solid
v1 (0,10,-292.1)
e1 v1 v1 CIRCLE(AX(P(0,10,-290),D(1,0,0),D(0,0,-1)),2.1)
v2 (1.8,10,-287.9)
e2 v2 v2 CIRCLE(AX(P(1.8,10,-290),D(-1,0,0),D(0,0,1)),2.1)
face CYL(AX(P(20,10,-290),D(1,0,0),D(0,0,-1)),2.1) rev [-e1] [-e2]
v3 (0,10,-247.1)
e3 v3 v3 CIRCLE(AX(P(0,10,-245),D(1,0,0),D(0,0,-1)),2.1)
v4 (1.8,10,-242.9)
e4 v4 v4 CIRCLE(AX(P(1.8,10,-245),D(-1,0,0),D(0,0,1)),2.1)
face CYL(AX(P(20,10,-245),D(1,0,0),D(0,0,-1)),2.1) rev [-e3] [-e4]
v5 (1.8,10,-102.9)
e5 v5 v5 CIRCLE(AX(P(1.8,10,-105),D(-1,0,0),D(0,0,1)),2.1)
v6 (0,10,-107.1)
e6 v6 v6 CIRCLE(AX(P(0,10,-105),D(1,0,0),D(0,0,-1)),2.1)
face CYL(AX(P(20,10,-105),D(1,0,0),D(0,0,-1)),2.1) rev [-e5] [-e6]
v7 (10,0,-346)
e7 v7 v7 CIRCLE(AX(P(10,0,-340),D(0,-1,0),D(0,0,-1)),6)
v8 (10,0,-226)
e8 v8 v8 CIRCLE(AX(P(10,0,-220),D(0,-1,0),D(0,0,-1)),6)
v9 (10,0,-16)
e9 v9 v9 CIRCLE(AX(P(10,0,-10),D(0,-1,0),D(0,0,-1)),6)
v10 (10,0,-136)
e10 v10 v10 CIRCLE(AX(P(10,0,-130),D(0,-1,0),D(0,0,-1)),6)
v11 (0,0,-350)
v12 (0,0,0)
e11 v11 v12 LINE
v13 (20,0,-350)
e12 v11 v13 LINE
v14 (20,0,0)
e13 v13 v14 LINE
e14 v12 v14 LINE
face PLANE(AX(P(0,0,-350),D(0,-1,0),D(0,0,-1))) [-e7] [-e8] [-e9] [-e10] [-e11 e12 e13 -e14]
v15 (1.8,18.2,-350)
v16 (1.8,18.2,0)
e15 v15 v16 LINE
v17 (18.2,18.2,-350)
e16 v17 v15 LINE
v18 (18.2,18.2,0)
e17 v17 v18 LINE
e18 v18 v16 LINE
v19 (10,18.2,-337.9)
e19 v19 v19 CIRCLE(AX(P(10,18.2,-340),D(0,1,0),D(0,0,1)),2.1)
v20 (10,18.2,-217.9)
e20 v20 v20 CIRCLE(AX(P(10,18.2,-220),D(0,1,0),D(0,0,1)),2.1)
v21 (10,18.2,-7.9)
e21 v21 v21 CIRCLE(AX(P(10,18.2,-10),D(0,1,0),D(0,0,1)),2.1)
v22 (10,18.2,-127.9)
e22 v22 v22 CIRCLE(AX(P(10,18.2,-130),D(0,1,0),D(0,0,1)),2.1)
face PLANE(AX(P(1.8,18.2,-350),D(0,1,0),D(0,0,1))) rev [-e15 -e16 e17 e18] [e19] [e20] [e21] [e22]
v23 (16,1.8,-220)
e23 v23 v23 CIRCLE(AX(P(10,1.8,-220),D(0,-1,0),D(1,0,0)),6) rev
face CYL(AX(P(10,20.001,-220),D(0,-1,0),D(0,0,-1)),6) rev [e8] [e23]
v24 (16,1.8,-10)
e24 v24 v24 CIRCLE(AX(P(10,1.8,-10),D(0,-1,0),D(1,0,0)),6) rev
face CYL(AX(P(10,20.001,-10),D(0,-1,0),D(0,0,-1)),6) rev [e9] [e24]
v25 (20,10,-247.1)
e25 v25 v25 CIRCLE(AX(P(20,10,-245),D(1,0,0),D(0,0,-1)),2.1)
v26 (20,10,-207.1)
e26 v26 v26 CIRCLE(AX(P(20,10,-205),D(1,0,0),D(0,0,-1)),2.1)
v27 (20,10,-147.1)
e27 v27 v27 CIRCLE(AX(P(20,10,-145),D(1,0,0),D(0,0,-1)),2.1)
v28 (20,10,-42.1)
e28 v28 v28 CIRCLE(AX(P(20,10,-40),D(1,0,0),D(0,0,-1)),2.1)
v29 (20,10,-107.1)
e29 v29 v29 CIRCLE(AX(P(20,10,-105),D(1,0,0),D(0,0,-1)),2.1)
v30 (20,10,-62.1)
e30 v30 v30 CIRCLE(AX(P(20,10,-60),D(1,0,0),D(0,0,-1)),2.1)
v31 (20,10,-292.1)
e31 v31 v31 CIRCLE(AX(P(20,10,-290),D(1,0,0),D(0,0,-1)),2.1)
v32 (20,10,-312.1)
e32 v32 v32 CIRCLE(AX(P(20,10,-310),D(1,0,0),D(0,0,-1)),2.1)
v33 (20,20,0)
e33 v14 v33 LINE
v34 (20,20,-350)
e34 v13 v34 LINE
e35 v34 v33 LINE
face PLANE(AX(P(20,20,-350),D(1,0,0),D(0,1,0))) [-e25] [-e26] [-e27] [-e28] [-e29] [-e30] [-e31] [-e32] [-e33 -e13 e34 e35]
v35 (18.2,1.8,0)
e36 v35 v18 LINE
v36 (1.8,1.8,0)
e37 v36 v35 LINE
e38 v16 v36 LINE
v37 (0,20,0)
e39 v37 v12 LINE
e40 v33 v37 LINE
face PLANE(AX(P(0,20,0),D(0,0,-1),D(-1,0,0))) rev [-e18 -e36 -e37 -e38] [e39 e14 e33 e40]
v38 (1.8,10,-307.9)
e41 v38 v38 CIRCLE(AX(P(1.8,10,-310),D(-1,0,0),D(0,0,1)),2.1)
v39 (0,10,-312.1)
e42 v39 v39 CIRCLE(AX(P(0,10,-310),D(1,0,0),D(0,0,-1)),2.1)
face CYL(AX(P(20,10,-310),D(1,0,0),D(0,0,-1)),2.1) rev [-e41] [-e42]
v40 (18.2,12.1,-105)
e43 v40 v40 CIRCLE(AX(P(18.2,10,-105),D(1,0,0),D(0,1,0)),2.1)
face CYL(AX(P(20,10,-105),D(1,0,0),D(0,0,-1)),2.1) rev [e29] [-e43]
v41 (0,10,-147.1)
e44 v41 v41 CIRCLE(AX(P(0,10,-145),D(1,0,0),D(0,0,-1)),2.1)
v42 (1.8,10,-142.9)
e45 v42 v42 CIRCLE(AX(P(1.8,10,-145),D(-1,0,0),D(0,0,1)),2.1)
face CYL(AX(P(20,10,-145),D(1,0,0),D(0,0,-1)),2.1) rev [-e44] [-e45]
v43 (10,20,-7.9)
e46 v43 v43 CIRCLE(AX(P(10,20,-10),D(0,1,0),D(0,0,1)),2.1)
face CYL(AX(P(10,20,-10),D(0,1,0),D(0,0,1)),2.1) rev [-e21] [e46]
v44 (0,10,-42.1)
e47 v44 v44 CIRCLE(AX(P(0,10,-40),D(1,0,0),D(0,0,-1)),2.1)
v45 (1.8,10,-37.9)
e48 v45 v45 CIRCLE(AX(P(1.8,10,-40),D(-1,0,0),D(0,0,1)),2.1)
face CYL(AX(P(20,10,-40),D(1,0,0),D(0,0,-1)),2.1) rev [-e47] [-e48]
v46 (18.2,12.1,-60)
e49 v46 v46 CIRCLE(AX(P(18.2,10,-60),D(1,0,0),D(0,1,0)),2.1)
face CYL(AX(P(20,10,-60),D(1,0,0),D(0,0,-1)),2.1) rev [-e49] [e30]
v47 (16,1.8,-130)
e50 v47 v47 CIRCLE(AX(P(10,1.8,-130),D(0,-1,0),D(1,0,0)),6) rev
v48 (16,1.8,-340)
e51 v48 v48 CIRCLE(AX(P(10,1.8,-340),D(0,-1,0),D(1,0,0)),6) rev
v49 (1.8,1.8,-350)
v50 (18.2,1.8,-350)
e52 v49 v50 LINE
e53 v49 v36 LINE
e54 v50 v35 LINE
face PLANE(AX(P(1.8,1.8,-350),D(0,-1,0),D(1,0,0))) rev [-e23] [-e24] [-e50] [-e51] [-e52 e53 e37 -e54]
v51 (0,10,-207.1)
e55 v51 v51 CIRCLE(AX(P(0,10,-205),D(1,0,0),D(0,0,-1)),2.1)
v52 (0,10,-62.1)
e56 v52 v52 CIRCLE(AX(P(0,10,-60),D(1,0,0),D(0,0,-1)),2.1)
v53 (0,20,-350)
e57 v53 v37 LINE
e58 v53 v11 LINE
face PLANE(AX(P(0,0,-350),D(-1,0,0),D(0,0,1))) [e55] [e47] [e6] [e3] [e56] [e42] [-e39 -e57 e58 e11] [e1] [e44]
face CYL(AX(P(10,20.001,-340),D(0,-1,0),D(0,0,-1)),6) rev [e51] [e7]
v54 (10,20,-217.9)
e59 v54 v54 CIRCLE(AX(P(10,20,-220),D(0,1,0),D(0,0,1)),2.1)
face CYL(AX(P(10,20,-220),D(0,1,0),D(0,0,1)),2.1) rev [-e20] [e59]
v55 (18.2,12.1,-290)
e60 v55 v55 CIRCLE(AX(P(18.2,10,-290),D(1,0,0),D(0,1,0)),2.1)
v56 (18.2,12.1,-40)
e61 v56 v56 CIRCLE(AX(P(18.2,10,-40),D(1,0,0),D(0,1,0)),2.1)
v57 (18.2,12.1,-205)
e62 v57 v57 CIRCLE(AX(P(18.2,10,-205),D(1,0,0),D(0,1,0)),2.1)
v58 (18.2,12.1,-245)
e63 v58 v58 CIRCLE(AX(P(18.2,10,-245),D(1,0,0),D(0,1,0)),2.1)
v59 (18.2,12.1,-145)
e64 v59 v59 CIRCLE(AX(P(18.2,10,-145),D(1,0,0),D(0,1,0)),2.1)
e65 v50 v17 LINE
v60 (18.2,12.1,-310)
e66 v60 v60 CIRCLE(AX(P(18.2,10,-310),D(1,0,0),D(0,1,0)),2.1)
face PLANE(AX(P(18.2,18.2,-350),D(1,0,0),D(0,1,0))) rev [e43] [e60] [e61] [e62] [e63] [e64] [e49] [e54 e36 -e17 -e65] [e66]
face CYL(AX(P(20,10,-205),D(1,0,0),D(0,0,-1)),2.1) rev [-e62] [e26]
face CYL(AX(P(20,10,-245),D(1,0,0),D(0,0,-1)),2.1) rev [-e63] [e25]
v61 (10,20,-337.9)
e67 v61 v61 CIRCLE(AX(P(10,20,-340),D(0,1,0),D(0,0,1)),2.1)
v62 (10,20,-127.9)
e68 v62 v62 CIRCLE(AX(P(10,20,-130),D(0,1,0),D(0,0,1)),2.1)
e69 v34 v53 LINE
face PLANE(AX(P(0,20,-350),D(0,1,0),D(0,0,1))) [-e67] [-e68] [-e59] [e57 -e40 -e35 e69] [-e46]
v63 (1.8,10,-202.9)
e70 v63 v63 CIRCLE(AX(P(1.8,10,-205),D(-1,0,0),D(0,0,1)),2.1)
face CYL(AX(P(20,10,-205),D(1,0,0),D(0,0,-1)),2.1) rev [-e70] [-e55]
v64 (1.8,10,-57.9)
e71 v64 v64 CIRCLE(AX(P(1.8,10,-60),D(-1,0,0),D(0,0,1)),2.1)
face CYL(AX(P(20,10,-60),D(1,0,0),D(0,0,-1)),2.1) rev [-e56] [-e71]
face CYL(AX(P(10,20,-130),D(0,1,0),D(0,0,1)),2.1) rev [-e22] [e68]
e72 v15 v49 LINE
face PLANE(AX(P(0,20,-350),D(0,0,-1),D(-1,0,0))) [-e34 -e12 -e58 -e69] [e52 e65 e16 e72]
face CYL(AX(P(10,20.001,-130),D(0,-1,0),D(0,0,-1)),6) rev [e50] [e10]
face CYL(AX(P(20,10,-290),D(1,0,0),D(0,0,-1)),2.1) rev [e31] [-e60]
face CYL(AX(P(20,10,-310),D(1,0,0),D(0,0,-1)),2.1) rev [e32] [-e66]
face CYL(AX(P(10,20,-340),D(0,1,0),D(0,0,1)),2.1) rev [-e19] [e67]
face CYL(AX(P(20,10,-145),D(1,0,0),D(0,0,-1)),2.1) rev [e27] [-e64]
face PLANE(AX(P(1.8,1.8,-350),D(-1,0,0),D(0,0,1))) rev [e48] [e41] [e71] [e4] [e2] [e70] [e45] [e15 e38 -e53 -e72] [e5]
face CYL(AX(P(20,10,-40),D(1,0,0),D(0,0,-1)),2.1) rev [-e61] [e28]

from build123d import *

# Parameters (mm, degrees)
SKETCH_3_W              = 20
SKETCH_3_H              = 20
SKETCH_3_W_2            = 16.4
SKETCH_3_H_2            = 16.4
EXTRUDE_1_DEPTH         = 350
HOLE_WIZARD_4_2_4_2_1_D = 4.2
HOLE_WIZARD_4_2_4_2_2_D = 4.2
CUT_EXTRUDE_2_REACH     = 353.141
SKETCH_11_R             = 6
HOLE_WIZARD_4_2_4_2_4_D = 4.2
HOLE_WIZARD_4_2_4_2_5_D = 4.2
CUT_EXTRUDE_3_REACH     = 353.141
SKETCH_16_R             = 6


with BuildPart() as part:
    # 草图3 → 凸台-拉伸1 (new body)
    with BuildSketch(Plane.XY):
        with Locations((10, 10)):
            Rectangle(SKETCH_3_W, SKETCH_3_H)
        with Locations((10, 10)):
            Rectangle(SKETCH_3_W_2, SKETCH_3_H_2, mode=Mode.SUBTRACT)
    extrude(amount=-EXTRUDE_1_DEPTH)

    # Ø4.2 (4.2) 直径孔1 (through all)
    with Locations(Plane(origin=(20, 10, -60), x_dir=(0, 1, 0), z_dir=(1, 0, 0))):
        with Locations((0, 0), (0, 20)):
            hole_wizard_4_2_4_2_1 = Hole(HOLE_WIZARD_4_2_4_2_1_D / 2)

    # 镜向1: Ø4.2 (4.2) 直径孔1 across plane
    add(hole_wizard_4_2_4_2_1.mirror(Plane.XY.offset(-175)), mode=Mode.SUBTRACT)

    # Ø4.2 (4.2) 直径孔2 (through all)
    with Locations(Plane(origin=(20, 10, -145), x_dir=(0, 1, 0), z_dir=(1, 0, 0))):
        with Locations((0, 0), (0, 40)):
            hole_wizard_4_2_4_2_2 = Hole(HOLE_WIZARD_4_2_4_2_2_D / 2)

    # 镜向2: Ø4.2 (4.2) 直径孔2 across plane
    add(hole_wizard_4_2_4_2_2.mirror(Plane.XY.offset(-175)), mode=Mode.SUBTRACT)

    # 草图11 → 切除-拉伸2 (cut, up to next)
    with BuildSketch(Plane.XZ, mode=Mode.PRIVATE) as cut_extrude_2_sk1:
        with Locations(Location((10, -10, 0), (0, 0, 270))):
            Circle(SKETCH_11_R)
    cut_extrude_2_tool1 = extrude(cut_extrude_2_sk1.sketch, amount=-CUT_EXTRUDE_2_REACH, mode=Mode.PRIVATE) & part.part
    # 草图11 → 切除-拉伸2 (cut, up to next)
    with BuildSketch(Plane.XZ, mode=Mode.PRIVATE) as cut_extrude_2_sk2:
        with Locations(Location((10, -340, 0), (0, 0, 270))):
            Circle(SKETCH_11_R)
    cut_extrude_2_tool2 = extrude(cut_extrude_2_sk2.sketch, amount=-CUT_EXTRUDE_2_REACH, mode=Mode.PRIVATE) & part.part
    add(cut_extrude_2_tool1.solids().sort_by_distance((10, 0, -10))[0], mode=Mode.SUBTRACT)
    add(cut_extrude_2_tool2.solids().sort_by_distance((10, 0, -340))[0], mode=Mode.SUBTRACT)

    # Ø4.2 (4.2) 直径孔4 (through all)
    with Locations(Plane(origin=(10, 20, -340), x_dir=(0, 0, 1), z_dir=(0, 1, 0))):
        with Locations((0, 0), (330, 0)):
            Hole(HOLE_WIZARD_4_2_4_2_4_D / 2)

    # Ø4.2 (4.2) 直径孔5 (through all)
    with Locations(Plane(origin=(10, 20, -220), x_dir=(0, 0, 1), z_dir=(0, 1, 0))):
        with Locations((0, 0), (90, 0)):
            Hole(HOLE_WIZARD_4_2_4_2_5_D / 2)

    # 草图16 → 切除-拉伸3 (cut, up to next)
    with BuildSketch(Plane.XZ, mode=Mode.PRIVATE) as cut_extrude_3_sk1:
        with Locations(Location((10, -130, 0), (0, 0, 270))):
            Circle(SKETCH_16_R)
    cut_extrude_3_tool1 = extrude(cut_extrude_3_sk1.sketch, amount=-CUT_EXTRUDE_3_REACH, mode=Mode.PRIVATE) & part.part
    # 草图16 → 切除-拉伸3 (cut, up to next)
    with BuildSketch(Plane.XZ, mode=Mode.PRIVATE) as cut_extrude_3_sk2:
        with Locations(Location((10, -220, 0), (0, 0, 270))):
            Circle(SKETCH_16_R)
    cut_extrude_3_tool2 = extrude(cut_extrude_3_sk2.sketch, amount=-CUT_EXTRUDE_3_REACH, mode=Mode.PRIVATE) & part.part
    add(cut_extrude_3_tool1.solids().sort_by_distance((10, 0, -130))[0], mode=Mode.SUBTRACT)
    add(cut_extrude_3_tool2.solids().sort_by_distance((10, 0, -220))[0], mode=Mode.SUBTRACT)


solid = part.part
